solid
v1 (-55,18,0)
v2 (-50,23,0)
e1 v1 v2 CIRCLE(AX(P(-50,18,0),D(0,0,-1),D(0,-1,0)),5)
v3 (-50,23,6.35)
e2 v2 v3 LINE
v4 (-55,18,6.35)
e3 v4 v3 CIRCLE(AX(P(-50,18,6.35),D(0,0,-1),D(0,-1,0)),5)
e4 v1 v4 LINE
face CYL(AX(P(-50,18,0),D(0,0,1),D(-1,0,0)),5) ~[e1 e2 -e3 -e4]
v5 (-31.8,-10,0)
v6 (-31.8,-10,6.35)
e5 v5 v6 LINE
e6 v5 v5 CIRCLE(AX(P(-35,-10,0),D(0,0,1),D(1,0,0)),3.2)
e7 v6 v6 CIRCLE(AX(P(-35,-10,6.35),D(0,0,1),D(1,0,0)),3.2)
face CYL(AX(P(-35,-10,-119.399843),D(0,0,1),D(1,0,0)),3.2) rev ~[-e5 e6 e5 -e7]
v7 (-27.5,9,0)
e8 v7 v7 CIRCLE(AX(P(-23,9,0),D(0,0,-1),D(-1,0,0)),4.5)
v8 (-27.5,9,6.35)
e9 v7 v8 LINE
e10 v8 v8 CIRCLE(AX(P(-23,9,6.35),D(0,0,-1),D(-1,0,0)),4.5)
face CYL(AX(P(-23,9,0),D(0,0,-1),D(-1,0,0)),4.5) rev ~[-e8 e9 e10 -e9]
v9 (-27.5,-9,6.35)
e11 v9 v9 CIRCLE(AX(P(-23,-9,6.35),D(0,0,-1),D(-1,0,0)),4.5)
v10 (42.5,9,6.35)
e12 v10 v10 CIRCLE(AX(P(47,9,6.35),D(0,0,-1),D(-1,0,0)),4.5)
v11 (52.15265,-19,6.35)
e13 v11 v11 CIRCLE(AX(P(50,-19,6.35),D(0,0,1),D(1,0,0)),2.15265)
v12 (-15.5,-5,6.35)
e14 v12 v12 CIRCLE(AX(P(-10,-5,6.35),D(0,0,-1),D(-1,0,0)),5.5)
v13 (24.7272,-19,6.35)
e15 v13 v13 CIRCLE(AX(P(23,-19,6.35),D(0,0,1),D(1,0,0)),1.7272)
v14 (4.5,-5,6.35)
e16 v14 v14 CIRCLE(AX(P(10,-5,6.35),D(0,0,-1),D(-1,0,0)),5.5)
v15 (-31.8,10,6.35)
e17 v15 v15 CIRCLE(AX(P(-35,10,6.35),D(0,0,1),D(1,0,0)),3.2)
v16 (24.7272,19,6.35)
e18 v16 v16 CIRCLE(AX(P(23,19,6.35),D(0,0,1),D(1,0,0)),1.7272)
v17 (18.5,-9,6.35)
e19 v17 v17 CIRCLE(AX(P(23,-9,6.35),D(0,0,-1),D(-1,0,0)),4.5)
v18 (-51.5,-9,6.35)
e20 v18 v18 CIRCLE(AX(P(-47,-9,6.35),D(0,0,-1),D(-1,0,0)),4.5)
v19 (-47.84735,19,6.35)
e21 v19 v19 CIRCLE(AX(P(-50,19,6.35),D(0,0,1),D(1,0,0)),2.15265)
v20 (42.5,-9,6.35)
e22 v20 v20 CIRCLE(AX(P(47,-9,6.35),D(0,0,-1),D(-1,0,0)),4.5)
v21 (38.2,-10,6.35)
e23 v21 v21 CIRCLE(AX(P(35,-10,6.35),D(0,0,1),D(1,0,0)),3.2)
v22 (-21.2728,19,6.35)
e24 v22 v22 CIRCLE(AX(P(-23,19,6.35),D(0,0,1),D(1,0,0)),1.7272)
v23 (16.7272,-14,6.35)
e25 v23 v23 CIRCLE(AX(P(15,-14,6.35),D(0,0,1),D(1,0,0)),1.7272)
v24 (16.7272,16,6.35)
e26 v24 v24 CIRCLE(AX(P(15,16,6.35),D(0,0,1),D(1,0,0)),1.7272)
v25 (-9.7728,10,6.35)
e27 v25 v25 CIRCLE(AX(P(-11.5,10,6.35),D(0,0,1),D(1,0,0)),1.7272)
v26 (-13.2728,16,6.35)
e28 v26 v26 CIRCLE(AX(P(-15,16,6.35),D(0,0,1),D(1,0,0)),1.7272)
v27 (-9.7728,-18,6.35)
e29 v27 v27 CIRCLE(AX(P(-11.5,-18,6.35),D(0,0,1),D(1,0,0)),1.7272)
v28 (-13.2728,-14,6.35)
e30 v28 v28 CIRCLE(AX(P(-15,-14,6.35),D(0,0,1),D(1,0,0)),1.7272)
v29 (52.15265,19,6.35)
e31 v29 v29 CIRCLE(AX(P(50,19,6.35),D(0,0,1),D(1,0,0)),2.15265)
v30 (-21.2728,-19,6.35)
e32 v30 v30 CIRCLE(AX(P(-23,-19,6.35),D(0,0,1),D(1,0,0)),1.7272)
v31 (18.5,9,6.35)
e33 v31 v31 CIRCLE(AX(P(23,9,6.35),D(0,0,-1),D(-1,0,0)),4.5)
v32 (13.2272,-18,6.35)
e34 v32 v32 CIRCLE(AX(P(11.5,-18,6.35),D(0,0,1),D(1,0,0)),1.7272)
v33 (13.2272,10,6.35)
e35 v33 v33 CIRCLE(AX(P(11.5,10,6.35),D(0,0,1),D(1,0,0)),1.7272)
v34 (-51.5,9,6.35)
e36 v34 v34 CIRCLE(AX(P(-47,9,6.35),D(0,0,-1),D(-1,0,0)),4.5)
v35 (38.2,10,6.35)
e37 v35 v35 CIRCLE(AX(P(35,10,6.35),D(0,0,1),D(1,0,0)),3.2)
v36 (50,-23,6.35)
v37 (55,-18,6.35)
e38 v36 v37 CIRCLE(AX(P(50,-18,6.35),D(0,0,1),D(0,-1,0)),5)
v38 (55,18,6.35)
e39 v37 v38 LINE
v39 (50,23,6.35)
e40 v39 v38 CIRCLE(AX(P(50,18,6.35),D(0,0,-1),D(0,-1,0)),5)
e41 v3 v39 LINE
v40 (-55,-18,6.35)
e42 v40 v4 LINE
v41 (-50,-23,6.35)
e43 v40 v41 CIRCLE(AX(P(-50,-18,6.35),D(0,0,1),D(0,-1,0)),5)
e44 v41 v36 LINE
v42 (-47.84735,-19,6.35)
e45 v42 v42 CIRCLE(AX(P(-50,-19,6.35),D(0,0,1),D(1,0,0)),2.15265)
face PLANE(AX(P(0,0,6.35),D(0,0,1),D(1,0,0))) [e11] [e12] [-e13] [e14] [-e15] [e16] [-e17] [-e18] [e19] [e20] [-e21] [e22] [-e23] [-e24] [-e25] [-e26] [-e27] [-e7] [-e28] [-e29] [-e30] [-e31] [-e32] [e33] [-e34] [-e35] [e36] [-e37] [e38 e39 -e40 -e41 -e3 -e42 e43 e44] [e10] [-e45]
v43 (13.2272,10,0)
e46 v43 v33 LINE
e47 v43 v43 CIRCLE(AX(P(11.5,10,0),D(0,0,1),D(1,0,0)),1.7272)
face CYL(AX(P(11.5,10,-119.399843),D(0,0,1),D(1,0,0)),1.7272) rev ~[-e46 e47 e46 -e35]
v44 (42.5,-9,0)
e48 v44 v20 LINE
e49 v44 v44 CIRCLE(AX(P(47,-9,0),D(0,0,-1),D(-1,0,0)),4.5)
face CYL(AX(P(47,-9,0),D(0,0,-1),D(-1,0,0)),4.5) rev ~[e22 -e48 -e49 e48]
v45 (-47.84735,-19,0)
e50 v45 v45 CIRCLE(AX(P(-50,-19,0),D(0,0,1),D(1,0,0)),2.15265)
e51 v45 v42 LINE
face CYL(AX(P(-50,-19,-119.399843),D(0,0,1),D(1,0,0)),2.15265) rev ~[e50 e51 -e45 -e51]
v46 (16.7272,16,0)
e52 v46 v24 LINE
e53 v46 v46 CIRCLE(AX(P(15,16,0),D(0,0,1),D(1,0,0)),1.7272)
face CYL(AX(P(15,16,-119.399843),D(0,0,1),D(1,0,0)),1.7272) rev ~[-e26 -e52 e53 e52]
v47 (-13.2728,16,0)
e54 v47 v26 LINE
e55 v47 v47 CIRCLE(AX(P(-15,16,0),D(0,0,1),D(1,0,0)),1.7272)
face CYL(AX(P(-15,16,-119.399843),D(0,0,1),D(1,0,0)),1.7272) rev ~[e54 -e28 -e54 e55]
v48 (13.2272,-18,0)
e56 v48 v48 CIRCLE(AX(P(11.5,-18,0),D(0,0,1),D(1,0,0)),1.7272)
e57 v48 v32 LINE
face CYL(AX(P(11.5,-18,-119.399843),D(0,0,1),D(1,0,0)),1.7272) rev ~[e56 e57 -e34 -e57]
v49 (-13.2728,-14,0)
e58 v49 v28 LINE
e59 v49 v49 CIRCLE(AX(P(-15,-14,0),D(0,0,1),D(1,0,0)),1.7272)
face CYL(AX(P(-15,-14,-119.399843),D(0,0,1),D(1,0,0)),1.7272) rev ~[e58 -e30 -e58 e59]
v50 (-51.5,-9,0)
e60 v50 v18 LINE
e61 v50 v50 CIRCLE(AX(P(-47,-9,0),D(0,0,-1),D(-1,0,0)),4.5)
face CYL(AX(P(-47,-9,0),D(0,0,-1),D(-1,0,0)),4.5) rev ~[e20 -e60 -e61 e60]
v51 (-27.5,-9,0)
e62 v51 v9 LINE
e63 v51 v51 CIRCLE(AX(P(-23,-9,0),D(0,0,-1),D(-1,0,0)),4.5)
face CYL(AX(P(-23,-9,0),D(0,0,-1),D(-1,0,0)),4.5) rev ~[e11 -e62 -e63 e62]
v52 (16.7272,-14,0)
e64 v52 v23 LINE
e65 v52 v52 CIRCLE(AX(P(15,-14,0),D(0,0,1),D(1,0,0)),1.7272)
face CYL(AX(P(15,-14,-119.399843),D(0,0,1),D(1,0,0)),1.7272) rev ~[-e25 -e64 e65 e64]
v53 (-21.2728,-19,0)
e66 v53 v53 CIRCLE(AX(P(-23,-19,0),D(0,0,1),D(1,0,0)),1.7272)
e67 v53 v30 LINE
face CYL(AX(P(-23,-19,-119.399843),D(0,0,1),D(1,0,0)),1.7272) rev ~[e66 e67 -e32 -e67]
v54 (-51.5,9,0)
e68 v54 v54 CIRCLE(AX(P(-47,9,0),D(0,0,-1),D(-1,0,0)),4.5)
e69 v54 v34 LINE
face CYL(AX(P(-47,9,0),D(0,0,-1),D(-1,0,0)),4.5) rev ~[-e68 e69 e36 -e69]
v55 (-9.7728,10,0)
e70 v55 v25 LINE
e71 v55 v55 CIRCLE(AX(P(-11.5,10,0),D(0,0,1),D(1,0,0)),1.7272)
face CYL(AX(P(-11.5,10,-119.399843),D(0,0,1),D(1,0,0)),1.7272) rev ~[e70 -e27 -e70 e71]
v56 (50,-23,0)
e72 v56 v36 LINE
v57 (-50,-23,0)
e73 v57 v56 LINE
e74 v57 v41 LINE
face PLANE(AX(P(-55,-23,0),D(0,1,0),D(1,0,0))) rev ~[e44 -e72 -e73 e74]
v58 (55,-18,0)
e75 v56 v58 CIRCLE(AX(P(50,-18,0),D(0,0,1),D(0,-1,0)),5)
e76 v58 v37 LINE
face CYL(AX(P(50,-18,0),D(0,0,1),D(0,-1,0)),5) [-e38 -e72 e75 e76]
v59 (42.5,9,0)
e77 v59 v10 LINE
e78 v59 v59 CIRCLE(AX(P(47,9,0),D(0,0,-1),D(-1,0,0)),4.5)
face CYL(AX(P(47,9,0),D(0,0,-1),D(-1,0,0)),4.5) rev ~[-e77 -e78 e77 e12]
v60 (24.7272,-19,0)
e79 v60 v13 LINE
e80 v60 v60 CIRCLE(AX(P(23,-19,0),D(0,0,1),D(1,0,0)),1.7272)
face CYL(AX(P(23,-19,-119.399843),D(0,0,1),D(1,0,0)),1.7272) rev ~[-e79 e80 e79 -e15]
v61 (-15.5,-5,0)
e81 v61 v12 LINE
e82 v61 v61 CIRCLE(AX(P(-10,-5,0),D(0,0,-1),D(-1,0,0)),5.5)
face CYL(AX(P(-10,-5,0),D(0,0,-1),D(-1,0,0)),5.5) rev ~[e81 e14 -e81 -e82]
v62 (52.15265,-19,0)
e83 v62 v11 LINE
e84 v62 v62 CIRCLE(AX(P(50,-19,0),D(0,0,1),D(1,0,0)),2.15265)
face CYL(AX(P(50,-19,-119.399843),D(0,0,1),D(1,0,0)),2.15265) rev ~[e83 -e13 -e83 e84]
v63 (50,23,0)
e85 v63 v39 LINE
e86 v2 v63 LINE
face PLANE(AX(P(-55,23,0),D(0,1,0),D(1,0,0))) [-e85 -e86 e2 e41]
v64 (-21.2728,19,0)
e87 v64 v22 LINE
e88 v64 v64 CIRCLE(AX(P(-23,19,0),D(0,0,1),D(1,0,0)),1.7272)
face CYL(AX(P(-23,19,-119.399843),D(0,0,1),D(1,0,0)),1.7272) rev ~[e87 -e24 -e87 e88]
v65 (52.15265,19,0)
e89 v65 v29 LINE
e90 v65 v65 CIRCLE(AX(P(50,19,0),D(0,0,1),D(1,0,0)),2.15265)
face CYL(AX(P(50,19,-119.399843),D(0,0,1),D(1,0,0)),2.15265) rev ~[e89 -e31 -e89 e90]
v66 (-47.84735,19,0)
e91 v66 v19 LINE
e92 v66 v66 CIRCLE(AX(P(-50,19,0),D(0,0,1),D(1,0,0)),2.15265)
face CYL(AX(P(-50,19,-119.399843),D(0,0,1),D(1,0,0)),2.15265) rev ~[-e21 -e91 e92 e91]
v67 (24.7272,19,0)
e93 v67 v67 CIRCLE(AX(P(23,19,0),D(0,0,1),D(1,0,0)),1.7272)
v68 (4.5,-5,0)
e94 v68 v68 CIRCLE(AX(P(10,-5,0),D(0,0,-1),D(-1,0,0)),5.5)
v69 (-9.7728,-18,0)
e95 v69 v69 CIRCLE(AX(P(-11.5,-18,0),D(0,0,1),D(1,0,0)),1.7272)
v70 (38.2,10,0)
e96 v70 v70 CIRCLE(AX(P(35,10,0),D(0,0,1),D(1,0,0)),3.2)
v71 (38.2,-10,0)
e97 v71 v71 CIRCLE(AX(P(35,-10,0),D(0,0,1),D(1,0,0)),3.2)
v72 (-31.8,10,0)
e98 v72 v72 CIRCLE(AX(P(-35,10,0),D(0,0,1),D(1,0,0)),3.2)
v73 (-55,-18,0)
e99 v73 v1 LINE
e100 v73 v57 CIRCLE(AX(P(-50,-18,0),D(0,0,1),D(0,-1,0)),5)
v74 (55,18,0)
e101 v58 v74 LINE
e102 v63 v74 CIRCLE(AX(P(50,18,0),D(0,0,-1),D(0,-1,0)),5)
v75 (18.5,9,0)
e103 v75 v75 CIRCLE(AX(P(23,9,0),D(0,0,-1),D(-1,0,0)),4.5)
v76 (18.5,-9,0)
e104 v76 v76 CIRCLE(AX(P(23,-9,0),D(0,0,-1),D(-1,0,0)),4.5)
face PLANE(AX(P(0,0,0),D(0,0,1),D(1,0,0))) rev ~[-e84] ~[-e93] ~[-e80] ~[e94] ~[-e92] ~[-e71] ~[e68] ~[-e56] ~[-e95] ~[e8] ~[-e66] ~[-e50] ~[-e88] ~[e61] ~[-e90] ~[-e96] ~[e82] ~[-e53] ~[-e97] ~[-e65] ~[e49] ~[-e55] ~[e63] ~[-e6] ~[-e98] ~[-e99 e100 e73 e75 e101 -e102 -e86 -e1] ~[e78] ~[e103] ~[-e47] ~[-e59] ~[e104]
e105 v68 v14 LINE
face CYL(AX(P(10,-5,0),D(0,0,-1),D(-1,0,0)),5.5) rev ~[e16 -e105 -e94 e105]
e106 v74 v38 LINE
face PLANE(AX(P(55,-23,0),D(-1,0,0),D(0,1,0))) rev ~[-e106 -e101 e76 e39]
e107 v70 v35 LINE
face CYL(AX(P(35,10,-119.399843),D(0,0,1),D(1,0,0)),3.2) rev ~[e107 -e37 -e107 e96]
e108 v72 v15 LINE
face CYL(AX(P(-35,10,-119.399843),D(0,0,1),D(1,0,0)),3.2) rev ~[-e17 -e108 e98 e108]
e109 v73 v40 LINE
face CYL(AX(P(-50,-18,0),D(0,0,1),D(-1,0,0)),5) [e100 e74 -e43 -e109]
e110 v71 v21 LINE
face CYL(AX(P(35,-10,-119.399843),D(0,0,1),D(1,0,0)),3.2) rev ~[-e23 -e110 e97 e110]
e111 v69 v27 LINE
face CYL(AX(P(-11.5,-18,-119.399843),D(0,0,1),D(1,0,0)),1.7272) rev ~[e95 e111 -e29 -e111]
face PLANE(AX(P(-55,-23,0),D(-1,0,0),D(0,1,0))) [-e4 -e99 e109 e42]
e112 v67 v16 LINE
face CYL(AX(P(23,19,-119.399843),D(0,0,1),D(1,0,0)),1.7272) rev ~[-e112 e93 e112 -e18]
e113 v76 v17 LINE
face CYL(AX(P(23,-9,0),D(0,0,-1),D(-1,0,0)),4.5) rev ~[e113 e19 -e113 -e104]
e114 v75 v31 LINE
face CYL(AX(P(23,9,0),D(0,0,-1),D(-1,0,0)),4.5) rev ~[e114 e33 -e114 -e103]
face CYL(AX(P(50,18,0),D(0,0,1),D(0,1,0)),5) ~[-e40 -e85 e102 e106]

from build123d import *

# Parameters (mm, degrees)
SKETCH1_W             = 110
SKETCH1_H             = 46
BOSS_EXTRUDE1_DEPTH   = 6.35
M6_CLEARANCE_HOLE1_D  = 6.4
SKETCH5_R             = 5.5
CUT_EXTRUDE1_DEPTH    = 7.35
SKETCH7_R             = 4.5
CUT_EXTRUDE2_DEPTH    = 7.35
FILLET1_R             = 5
F_8_32_TAPPED_HOLE1_D = 3.4544
F_8_CLEARANCE_HOLE1_D = 4.3053
F_8_32_TAPPED_HOLE2_D = 3.4544


with BuildPart() as part:
    # Sketch1 → Boss-Extrude1 (new body)
    with BuildSketch(Plane.XY):
        Rectangle(SKETCH1_W, SKETCH1_H)
    extrude(amount=BOSS_EXTRUDE1_DEPTH)

    # M6 Clearance Hole1 (through all)
    with Locations(Plane(origin=(0, 0, 0), x_dir=(-1, 0, 0), z_dir=(0, 0, -1))):
        with Locations((-35, 10), (-35, -10), (35, -10), (35, 10)):
            Hole(M6_CLEARANCE_HOLE1_D / 2)

    # Sketch5 → Cut-Extrude1 (cut, through all)
    with BuildSketch(Plane(origin=(0, 0, 0), x_dir=(-1, 0, 0), z_dir=(0, 0, -1))):
        with Locations((-10, -5)):
            Circle(SKETCH5_R)
        with Locations((10, -5)):
            Circle(SKETCH5_R)
    extrude(amount=-CUT_EXTRUDE1_DEPTH, mode=Mode.SUBTRACT)

    # Sketch7 → Cut-Extrude2 (cut, through all)
    with BuildSketch(Plane(origin=(0, 0, 0), x_dir=(-1, 0, 0), z_dir=(0, 0, -1))):
        with Locations((-23, 9)):
            Circle(SKETCH7_R)
        with Locations((-23, -9)):
            Circle(SKETCH7_R)
        with Locations((23, -9)):
            Circle(SKETCH7_R)
        with Locations((23, 9)):
            Circle(SKETCH7_R)
        with Locations((-47, 9)):
            Circle(SKETCH7_R)
        with Locations((-47, -9)):
            Circle(SKETCH7_R)
        with Locations((47, 9)):
            Circle(SKETCH7_R)
        with Locations((47, -9)):
            Circle(SKETCH7_R)
    extrude(amount=-CUT_EXTRUDE2_DEPTH, mode=Mode.SUBTRACT)

    # Fillet1
    fillet1_edges = [part.edges().sort_by_distance(p)[0] for p in [
        (-55, -23, 3.175),
        (-55, 23, 3.175),
        (55, 23, 3.175),
        (55, -23, 3.175),
    ]]
    fillet(fillet1_edges, radius=FILLET1_R)

    # #8-32 Tapped Hole1 (through all)
    with Locations(Plane(origin=(0, 0, 0), x_dir=(-1, 0, 0), z_dir=(0, 0, -1))):
        with Locations((-23, 19), (23, 19), (23, -19), (-23, -19)):
            Hole(F_8_32_TAPPED_HOLE1_D / 2)

    # #8 Clearance Hole1 (through all)
    with Locations(Plane(origin=(0, 0, 0), x_dir=(-1, 0, 0), z_dir=(0, 0, -1))):
        with Locations((-50, 19), (-50, -19), (50, -19), (50, 19)):
            Hole(F_8_CLEARANCE_HOLE1_D / 2)

    # #8-32 Tapped Hole2 (through all)
    with Locations(Plane(origin=(0, 0, 0), x_dir=(-1, 0, 0), z_dir=(0, 0, -1))):
        with Locations((-11.5, 10), (11.5, 10), (11.5, -18), (-11.5, -18), (-15, -14), (15, -14), (15, 16), (-15, 16)):
            Hole(F_8_32_TAPPED_HOLE2_D / 2)


solid = part.part
